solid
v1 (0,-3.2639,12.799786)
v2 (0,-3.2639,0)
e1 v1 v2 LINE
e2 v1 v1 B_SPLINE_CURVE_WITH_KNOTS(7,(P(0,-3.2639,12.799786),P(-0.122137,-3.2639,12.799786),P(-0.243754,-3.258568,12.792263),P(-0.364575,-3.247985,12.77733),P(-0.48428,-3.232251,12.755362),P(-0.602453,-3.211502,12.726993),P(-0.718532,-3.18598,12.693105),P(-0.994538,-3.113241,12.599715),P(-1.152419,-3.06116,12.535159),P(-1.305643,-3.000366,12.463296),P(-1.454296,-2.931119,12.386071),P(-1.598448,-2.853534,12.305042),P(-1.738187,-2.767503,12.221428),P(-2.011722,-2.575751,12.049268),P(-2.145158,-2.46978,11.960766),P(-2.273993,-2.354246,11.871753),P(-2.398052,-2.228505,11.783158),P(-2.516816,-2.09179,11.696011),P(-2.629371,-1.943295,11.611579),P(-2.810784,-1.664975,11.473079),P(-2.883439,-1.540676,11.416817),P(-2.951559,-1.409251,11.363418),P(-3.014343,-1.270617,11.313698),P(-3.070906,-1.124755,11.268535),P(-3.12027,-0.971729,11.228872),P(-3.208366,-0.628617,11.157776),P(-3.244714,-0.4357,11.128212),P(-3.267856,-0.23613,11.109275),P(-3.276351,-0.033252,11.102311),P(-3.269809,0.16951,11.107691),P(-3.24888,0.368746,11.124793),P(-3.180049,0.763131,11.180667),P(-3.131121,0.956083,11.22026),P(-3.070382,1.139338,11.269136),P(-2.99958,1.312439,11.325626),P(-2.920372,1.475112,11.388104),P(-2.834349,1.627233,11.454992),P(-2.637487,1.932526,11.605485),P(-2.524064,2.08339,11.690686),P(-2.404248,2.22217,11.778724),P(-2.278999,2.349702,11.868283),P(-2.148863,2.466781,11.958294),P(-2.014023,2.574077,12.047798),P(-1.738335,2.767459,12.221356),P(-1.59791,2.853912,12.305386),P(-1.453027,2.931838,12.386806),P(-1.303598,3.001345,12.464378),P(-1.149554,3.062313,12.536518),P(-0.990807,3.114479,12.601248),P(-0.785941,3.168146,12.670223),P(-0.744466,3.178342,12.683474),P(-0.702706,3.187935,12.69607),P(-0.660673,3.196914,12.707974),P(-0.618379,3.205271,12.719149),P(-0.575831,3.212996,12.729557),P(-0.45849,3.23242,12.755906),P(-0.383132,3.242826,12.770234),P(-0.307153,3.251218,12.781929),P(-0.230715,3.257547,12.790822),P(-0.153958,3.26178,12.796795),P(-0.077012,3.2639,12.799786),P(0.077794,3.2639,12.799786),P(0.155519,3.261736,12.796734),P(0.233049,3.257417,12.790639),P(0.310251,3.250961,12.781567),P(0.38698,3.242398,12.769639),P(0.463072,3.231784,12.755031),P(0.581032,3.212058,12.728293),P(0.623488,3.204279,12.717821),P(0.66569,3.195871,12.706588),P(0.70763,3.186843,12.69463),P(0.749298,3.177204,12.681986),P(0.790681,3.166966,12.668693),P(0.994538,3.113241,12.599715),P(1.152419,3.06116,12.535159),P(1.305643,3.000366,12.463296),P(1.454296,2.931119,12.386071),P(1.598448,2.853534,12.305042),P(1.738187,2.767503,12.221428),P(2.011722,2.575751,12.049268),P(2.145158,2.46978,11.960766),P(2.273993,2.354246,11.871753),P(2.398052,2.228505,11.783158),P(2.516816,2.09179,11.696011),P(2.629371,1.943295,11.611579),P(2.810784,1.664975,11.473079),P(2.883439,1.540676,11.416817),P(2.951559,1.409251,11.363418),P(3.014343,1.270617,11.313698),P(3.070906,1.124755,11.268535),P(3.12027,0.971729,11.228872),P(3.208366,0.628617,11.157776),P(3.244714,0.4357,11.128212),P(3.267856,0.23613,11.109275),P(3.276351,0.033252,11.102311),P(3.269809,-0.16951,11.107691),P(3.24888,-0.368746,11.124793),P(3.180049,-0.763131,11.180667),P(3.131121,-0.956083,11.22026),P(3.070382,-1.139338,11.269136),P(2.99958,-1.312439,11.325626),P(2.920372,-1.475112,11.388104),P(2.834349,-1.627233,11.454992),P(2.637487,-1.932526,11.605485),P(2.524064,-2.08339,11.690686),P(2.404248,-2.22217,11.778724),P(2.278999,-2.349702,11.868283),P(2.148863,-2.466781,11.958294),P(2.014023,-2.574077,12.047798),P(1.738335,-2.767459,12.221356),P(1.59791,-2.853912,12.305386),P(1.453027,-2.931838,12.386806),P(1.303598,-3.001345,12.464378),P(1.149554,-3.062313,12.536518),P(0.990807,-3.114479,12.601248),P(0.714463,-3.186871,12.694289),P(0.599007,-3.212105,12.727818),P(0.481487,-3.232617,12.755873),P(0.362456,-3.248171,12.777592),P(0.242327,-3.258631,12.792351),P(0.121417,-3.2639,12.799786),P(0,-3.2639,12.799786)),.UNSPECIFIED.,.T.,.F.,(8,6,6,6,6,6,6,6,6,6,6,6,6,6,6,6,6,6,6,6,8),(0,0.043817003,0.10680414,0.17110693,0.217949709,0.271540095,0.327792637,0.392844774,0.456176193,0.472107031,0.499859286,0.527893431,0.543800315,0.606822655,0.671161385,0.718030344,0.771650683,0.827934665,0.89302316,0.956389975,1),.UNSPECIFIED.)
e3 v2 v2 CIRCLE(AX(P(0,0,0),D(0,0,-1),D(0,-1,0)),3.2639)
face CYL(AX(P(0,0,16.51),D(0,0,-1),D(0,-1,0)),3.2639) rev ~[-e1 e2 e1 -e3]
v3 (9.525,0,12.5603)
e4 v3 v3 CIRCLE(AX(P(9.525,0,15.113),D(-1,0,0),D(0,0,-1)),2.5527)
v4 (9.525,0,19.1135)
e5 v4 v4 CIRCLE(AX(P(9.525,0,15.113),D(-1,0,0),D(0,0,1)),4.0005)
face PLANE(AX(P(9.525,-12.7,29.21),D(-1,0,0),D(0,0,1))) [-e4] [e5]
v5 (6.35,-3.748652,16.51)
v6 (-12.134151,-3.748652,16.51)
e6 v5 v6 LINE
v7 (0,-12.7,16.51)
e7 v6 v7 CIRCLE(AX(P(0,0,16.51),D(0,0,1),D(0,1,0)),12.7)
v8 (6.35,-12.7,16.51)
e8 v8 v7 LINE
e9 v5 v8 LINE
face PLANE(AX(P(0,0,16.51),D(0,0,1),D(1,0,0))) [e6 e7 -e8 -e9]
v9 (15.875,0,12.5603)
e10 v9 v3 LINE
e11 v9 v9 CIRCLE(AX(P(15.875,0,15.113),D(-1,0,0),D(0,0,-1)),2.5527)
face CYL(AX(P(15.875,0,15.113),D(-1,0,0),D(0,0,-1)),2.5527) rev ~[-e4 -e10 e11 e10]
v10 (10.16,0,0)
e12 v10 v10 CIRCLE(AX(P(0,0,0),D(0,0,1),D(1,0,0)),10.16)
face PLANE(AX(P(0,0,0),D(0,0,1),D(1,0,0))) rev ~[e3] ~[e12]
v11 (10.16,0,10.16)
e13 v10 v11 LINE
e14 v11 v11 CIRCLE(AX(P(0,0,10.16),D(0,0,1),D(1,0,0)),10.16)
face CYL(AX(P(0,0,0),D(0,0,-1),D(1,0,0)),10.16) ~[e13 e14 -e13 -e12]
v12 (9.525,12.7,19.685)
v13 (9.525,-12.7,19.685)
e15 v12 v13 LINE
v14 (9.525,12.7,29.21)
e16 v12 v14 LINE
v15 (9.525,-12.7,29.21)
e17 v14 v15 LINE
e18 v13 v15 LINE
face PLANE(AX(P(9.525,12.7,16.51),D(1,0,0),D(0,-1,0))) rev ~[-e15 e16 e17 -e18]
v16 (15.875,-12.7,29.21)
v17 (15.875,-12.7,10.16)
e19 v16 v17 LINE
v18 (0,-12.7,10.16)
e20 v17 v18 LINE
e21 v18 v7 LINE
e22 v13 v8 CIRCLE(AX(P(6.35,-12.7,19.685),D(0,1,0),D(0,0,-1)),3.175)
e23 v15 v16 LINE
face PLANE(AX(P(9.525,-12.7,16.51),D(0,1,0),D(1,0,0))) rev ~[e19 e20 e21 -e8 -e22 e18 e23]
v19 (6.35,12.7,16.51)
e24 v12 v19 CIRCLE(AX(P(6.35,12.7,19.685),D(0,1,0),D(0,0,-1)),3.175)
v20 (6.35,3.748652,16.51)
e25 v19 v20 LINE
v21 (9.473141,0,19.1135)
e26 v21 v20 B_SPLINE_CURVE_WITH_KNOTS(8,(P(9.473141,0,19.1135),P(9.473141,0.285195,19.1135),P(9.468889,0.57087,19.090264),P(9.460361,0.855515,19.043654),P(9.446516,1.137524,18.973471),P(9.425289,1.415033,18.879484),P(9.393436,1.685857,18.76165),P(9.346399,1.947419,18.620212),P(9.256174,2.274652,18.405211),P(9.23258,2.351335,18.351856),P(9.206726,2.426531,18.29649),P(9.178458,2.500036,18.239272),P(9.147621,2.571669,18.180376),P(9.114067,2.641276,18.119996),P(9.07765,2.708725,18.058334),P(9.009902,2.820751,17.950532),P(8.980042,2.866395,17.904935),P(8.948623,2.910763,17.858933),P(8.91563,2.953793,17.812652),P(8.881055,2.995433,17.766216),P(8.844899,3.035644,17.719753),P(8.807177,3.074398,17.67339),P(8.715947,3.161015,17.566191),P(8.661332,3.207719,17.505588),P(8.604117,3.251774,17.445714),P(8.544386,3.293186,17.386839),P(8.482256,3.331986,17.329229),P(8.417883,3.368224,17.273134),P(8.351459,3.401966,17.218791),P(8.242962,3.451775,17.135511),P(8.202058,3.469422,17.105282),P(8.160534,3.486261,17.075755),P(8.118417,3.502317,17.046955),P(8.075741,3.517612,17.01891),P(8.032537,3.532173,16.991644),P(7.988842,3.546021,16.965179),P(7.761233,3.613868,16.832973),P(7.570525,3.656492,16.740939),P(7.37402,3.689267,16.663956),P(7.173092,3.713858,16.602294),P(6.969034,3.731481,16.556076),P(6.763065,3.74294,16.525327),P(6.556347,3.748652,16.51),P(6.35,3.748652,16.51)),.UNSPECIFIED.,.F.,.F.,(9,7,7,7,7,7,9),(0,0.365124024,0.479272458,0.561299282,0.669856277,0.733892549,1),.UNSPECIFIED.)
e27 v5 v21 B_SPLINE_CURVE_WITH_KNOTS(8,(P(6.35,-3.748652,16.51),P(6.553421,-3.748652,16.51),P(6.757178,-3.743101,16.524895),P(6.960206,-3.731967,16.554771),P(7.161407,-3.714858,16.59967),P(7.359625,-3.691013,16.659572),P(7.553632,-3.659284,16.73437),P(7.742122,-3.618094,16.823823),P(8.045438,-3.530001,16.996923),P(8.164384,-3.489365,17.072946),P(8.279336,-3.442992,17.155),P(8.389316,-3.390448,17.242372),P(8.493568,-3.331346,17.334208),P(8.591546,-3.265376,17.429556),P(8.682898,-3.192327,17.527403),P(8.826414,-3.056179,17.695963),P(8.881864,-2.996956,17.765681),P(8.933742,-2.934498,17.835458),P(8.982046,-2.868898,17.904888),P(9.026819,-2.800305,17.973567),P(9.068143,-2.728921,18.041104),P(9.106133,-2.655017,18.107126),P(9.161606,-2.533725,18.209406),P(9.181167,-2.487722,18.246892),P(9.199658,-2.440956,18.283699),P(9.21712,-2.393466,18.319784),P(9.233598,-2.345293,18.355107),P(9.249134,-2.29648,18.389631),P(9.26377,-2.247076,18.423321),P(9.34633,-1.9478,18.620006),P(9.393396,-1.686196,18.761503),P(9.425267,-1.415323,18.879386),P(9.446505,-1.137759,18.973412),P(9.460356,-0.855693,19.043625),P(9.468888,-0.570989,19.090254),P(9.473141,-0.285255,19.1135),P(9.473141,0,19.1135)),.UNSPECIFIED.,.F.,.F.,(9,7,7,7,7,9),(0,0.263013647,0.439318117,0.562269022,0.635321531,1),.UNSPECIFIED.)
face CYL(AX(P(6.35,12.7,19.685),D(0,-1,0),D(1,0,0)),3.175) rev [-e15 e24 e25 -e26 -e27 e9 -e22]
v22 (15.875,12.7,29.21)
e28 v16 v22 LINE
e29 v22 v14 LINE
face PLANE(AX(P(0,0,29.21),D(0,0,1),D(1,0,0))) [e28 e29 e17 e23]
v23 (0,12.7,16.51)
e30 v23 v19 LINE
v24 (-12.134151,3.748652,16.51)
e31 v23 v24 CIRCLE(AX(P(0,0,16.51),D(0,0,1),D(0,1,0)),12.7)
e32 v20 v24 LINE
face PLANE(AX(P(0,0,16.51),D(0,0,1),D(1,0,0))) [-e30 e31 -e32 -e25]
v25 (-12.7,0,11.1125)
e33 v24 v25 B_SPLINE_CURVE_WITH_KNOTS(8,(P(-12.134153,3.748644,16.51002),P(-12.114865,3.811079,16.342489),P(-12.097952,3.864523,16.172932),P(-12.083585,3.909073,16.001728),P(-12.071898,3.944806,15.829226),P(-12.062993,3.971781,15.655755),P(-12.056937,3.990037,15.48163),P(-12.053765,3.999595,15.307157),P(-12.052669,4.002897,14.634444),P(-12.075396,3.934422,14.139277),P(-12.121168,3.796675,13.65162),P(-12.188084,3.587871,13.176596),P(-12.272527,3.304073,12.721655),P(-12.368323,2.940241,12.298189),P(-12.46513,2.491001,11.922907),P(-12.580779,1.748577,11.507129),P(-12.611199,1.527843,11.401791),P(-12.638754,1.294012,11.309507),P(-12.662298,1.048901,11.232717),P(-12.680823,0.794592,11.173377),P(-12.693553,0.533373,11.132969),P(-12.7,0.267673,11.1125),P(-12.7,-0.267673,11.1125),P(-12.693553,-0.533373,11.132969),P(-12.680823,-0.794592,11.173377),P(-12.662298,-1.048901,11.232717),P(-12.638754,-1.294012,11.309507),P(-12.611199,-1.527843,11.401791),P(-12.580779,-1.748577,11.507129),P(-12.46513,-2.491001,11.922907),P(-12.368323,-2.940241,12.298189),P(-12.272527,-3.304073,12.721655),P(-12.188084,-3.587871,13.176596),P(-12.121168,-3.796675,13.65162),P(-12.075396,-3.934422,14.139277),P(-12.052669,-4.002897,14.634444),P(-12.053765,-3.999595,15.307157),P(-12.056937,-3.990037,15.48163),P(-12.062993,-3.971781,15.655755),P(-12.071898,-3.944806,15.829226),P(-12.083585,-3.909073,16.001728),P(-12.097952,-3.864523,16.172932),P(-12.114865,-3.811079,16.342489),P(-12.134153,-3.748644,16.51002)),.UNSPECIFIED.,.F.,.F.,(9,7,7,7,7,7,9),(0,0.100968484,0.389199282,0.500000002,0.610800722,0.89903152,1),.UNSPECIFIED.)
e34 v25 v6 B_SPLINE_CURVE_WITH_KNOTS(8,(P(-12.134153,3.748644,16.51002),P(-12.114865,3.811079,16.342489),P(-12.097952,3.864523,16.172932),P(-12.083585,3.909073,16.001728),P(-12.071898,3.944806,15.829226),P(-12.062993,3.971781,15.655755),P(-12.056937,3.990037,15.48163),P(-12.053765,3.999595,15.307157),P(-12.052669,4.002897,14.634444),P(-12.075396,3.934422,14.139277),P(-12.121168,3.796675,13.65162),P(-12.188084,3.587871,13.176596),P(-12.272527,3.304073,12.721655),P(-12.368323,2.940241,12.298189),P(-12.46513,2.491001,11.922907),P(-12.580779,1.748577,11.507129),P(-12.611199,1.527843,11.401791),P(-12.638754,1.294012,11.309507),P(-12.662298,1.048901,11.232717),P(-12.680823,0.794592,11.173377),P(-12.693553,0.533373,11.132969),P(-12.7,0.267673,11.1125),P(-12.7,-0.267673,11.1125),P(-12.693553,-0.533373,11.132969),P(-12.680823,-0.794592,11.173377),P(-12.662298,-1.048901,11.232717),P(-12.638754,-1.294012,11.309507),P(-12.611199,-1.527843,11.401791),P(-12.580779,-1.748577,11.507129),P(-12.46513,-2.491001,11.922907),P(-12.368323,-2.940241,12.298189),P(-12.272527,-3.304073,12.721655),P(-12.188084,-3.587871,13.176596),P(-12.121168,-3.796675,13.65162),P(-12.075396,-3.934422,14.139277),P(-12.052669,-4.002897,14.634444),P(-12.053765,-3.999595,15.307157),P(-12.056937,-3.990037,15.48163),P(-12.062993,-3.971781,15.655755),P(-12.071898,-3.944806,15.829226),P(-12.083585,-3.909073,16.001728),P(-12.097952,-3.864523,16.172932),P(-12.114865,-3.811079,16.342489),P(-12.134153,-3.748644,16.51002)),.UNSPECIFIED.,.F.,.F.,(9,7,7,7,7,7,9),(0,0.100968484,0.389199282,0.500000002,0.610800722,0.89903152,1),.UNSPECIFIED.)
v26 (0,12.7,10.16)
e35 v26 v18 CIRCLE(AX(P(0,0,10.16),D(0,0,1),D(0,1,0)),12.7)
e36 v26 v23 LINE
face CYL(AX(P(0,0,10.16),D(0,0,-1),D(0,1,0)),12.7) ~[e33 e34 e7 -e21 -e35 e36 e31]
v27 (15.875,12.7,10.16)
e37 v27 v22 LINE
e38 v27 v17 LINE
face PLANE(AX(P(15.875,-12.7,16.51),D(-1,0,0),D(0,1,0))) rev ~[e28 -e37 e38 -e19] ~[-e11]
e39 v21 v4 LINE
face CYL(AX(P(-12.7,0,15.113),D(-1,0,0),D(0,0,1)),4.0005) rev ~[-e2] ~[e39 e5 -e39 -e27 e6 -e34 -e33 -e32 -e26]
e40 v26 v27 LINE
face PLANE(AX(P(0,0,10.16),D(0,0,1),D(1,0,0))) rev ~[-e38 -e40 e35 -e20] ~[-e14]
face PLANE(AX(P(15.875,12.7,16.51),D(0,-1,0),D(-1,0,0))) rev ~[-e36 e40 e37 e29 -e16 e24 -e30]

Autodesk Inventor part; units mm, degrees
ref_plane "YZ Plane" through (0, 0, 0) normal (1, 0, 0) x (0, 1, 0)
ref_plane "XZ Plane" through (0, 0, 0) normal (0, 1, 0) x (-1, 0, 0)
ref_plane "XY Plane" through (0, 0, 0) normal (0, 0, 1) x (1, 0, 0)
sketch "Sketch1" plane through (0, 0, 0) normal (0, 0, 1) x (1, 0, 0)
  circle A0 centre (0, 0) radius 10.16
  circle A1 centre (0, 0) radius 8.7376
  dimension "d0" = 20.32
  dimension "d6" = 17.4752
extrude "Extrusion1" add sketch "Sketch1" along normal blind 10.16 contours A0 | A1
sketch "Sketch2" plane through (0, 0, 10.16) normal (0, 0, 1) x (1, 0, 0)
  circle A0 centre (0, 0) radius 10.16 projected
  circle A1 centre (0, 0) radius 12.7 construction
  line L0 (0, 12.7) -> (15.875, 12.7)
  line L1 (15.875, 12.7) -> (15.875, -12.7)
  line L2 (15.875, -12.7) -> (0, -12.7)
  arc A2 (0, 12.7) -> (0, -12.7) centre (0, 0) ccw
  point P0 (15.875, 0)
  dimension "d3" = 2.54
  dimension "d14" = 15.875
  dimension "d35" = 25.4
extrude "Extrusion2" add sketch "Sketch2" along normal blind 6.35 contours A0 | L0 L1 L2 A2
sketch "Sketch4" plane through (0, 0, 16.51) normal (0, 0, 1) x (1, 0, 0)
  arc A0 (0, 12.7) -> (0, -12.7) centre (0, 0) ccw projected
hole "Hole2" at (0, 0, 16.51) direction (0, 0, -1) diameter 6.5278 end through all clearance for "Flat Head Machine Screw (82)" size "1/4" standard "Ansi Unified Screw Threads"
sketch "Sketch5" plane through (0, 0, 16.51) normal (0, 0, 1) x (1, 0, 0)
  line L0 (15.875, 12.7) -> (0, 12.7) projected
  line L1 (0, -12.7) -> (15.875, -12.7) projected
  line L2 (15.875, 12.7) -> (9.525, 12.7)
  line L3 (9.525, 12.7) -> (9.525, -12.7)
  line L4 (9.525, -12.7) -> (15.875, -12.7)
  line L5 (15.875, -12.7) -> (15.875, 12.7)
  point P0 (0, 0)
  dimension "d22" = 6.35
extrude "Extrusion3" add sketch "Sketch5" along normal blind 12.7
fillet "Fillet1" radius 3.175 1 edges at (9.525, 0, 16.51)
sketch "Sketch6" plane through (15.875, -12.7, 10.16) normal (1, 0, 0) x (0, 0, -1)
  line L0 (-12.7, 19.05) -> (-12.7, 6.35) construction
  line L1 (-19.05, 0) -> (-19.05, 25.4) construction
  line L2 (0, 25.4) -> (-19.05, 25.4) construction
  point P0 (10.16, 12.7)
  point P1 (-12.7, 12.7)
  point P2 (-19.05, 12.7)
  point P3 (-9.525, 25.4)
  point P4 (-4.953, 12.7)
  dimension "d26" = 12.7
  dimension "d34" = 6.35
  dimension "d36" = 14.097
hole "Hole3" at (15.875, 0, 15.113) direction (-1, 0, 0) diameter 5.1054 end through all clearance for "Flat Head Machine Screw (82)" size "#10" standard "Ansi Unified Screw Threads"
ref_plane "Work Plane1" through (-12.7, -12.7, 29.21) normal (-1, 0, 0) x (0, 0, 1)
sketch "Sketch7" plane through (-12.7, -12.7, 29.21) normal (-1, 0, 0) x (0, 0, 1)
  line L0 (-19.05, 12.7) -> (-16.6497, 12.7) construction
  line L1 (-19.05, 12.7) -> (-16.6497, 12.7) construction
  circle A0 centre (-14.097, 12.7) radius 2.5527 construction
  circle A1 centre (-14.097, 12.7) radius 4.0005
  point P0 (-29.21, 12.7)
  point P1 (-12.7, 10.5635)
  point P2 (-12.7, 14.8365)
  dimension "d38" = 8.001
extrude "Extrusion4" cut sketch "Sketch7" against normal up to surface (22.225 mm away)
properties part number "constant force Spring Holder 2" material "ABS Plastic"
